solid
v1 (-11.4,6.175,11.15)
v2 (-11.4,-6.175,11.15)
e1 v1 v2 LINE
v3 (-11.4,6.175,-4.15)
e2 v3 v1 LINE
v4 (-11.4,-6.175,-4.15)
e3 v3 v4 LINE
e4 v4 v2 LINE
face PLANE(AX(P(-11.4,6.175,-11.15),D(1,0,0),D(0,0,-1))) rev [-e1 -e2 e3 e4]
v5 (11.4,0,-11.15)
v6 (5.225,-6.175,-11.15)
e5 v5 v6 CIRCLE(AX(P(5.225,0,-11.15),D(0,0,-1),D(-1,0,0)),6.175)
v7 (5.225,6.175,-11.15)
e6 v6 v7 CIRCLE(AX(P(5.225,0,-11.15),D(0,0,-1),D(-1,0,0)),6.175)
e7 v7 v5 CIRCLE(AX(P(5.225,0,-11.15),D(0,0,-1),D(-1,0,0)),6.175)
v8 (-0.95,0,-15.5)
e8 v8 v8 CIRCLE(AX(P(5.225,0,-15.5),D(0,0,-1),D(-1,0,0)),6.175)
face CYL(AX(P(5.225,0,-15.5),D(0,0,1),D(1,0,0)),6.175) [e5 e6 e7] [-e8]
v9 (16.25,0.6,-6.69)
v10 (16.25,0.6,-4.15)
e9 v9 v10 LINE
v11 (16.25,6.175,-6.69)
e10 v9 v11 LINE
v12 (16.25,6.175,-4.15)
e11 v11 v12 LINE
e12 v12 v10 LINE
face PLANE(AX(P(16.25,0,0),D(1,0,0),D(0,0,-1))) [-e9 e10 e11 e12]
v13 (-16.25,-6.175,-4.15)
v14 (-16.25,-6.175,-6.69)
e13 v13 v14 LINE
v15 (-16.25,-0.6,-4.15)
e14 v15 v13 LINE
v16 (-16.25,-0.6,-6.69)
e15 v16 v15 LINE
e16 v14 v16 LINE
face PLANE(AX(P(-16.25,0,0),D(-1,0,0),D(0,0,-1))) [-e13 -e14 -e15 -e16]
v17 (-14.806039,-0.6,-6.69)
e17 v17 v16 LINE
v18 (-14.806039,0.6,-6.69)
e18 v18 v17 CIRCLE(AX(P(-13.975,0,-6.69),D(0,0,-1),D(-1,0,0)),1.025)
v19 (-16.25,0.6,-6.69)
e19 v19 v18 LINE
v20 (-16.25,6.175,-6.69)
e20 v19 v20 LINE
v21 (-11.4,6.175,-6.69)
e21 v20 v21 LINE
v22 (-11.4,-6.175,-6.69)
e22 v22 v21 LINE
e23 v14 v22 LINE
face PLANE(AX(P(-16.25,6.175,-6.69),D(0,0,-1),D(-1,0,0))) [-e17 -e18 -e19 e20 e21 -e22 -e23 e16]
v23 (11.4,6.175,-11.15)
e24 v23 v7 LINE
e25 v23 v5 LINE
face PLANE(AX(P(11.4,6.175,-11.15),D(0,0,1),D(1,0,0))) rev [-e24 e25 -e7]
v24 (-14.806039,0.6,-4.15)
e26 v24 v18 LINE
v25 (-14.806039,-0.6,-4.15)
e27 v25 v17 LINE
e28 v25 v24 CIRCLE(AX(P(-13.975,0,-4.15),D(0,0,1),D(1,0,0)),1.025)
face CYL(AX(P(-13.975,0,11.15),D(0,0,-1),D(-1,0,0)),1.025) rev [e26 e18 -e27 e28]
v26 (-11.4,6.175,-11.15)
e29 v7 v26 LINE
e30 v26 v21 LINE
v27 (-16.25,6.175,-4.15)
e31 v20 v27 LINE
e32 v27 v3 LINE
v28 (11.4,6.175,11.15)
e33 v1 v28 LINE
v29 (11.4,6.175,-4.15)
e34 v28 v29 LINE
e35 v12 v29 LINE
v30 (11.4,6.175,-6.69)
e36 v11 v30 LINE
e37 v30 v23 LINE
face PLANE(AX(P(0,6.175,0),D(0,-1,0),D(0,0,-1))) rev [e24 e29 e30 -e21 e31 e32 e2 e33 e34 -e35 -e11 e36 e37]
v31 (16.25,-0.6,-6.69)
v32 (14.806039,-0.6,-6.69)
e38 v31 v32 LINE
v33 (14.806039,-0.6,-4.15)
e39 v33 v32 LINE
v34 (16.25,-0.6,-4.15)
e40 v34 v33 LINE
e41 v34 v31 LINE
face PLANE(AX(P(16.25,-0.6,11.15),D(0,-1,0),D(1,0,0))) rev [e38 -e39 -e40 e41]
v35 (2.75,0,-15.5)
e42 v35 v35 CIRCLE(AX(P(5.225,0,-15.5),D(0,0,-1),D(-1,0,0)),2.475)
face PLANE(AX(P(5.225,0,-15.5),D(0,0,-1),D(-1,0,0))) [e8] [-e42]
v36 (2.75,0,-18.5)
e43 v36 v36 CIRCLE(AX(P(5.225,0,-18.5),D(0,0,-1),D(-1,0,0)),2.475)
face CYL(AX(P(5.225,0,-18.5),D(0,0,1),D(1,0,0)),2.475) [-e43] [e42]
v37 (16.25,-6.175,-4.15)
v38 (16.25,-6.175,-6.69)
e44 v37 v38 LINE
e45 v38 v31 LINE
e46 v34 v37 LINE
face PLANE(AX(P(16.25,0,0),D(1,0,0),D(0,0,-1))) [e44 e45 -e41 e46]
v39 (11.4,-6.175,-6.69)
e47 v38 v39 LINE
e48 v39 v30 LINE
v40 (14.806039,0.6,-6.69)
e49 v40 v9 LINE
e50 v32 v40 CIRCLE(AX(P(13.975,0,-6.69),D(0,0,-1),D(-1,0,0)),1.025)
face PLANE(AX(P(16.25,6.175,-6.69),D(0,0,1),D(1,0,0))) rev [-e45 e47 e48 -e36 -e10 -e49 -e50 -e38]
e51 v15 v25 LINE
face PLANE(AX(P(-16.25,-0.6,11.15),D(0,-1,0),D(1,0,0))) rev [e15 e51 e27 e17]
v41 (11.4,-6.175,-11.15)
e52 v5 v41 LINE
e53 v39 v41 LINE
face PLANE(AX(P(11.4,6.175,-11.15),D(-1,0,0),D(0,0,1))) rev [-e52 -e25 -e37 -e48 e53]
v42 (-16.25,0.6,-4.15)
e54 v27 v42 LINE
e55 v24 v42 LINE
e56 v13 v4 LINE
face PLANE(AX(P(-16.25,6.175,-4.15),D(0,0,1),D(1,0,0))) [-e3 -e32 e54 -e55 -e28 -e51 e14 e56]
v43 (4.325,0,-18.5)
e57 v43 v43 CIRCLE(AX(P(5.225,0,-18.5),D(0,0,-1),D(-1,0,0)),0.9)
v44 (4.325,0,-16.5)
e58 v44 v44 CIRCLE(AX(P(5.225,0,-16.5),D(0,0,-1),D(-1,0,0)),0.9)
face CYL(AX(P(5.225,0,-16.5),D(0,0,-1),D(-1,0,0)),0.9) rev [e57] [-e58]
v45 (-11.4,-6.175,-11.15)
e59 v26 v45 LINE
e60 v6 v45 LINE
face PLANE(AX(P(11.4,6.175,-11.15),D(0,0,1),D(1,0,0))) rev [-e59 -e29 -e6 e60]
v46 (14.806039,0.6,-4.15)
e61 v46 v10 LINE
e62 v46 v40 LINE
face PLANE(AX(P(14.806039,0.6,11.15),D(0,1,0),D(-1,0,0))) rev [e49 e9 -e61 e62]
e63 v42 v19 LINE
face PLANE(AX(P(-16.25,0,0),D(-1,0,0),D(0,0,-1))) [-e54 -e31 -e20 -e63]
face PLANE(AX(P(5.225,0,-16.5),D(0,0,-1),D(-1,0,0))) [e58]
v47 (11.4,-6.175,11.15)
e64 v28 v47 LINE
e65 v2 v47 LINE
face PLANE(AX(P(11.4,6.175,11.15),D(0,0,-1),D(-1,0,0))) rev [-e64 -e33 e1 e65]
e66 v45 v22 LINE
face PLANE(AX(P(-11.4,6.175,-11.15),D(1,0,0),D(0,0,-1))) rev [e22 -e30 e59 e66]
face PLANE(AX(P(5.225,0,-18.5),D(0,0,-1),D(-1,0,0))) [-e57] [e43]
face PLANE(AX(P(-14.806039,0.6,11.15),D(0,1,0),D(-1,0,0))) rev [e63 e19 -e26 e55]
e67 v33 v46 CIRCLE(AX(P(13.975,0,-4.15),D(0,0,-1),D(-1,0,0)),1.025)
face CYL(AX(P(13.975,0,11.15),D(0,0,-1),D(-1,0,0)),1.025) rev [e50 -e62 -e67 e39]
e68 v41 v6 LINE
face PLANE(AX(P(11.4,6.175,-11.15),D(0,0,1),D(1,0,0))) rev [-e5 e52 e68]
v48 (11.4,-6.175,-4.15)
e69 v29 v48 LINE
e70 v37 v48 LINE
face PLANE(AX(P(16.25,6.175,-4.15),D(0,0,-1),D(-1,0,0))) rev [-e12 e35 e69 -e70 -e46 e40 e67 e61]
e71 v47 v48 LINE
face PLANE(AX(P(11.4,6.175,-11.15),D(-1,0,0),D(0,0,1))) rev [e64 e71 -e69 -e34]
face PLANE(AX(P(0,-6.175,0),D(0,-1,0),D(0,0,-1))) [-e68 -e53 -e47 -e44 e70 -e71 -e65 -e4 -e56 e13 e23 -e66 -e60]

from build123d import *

# Parameters (mm, degrees)
SKETCH1_W           = 22.8
SKETCH1_H           = 22.3
BOSS_EXTRUDE1_DEPTH = 6.175
SKETCH2_W           = 2.54
SKETCH2_H           = 12.35
BOSS_EXTRUDE2_DEPTH = 4.85
CUT_EXTRUDE1_DEPTH  = 18.84
SKETCH4_R           = 6.175
BOSS_EXTRUDE3_DEPTH = 4.35
SKETCH5_R           = 2.475
BOSS_EXTRUDE4_DEPTH = 3
SKETCH6_R           = 0.9
CUT_EXTRUDE2_DEPTH  = 2


with BuildPart() as part:
    # Sketch1 → Boss-Extrude1 (new body, symmetric)
    with BuildSketch(Plane(origin=(0, 0, 0), x_dir=(1, 0, 0), z_dir=(0, 1, 0))):
        Rectangle(SKETCH1_W, SKETCH1_H)
    extrude(amount=BOSS_EXTRUDE1_DEPTH, both=True)

    # Sketch2 → Boss-Extrude2 (add)
    with BuildSketch(Plane(origin=(11.4, 0, 0), x_dir=(0, 0, -1), z_dir=(1, 0, 0))):
        with Locations((5.42, 0)):
            Rectangle(SKETCH2_W, SKETCH2_H)
    boss_extrude2 = extrude(amount=BOSS_EXTRUDE2_DEPTH)

    # Mirror1: Boss-Extrude2 across plane
    add(boss_extrude2.mirror(Plane(origin=(0, 0, 0), x_dir=(0, 0, 1), z_dir=(1, 0, 0))))

    # Sketch3 → Cut-Extrude1 (cut, through all)
    with BuildSketch(Plane(origin=(0, 0, -6.69), x_dir=(-1, 0, 0), z_dir=(0, 0, -1))):
        with BuildLine():
            Line((-14.806038507, 0.6), (-16.25, 0.6))
            Line((-16.25, 0.6), (-16.25, -0.6))
            Line((-16.25, -0.6), (-14.806038507, -0.6))
            ThreePointArc((-14.806038507, -0.6), (-12.95, 0), (-14.806038507, 0.6))
        make_face()
        with BuildLine():
            Line((14.806038507, 0.6), (16.25, 0.6))
            Line((16.25, 0.6), (16.25, -0.6))
            Line((16.25, -0.6), (14.806038507, -0.6))
            ThreePointArc((14.806038507, -0.6), (12.95, 0), (14.806038507, 0.6))
        make_face()
    extrude(amount=-CUT_EXTRUDE1_DEPTH, mode=Mode.SUBTRACT)

    # Sketch4 → Boss-Extrude3 (add)
    with BuildSketch(Plane(origin=(0, 0, -11.15), x_dir=(-1, 0, 0), z_dir=(0, 0, -1))):
        with Locations((-5.225, 0)):
            Circle(SKETCH4_R)
    extrude(amount=BOSS_EXTRUDE3_DEPTH)

    # Sketch5 → Boss-Extrude4 (add)
    with BuildSketch(Plane(origin=(0, 0, -15.5), x_dir=(-1, 0, 0), z_dir=(0, 0, -1))):
        with Locations((-5.225, 0)):
            Circle(SKETCH5_R)
    extrude(amount=BOSS_EXTRUDE4_DEPTH)

    # Sketch6 → Cut-Extrude2 (cut)
    with BuildSketch(Plane(origin=(0, 0, -18.5), x_dir=(-1, 0, 0), z_dir=(0, 0, -1))):
        with Locations((-5.225, 0)):
            Circle(SKETCH6_R)
    extrude(amount=-CUT_EXTRUDE2_DEPTH, mode=Mode.SUBTRACT)


solid = part.part
